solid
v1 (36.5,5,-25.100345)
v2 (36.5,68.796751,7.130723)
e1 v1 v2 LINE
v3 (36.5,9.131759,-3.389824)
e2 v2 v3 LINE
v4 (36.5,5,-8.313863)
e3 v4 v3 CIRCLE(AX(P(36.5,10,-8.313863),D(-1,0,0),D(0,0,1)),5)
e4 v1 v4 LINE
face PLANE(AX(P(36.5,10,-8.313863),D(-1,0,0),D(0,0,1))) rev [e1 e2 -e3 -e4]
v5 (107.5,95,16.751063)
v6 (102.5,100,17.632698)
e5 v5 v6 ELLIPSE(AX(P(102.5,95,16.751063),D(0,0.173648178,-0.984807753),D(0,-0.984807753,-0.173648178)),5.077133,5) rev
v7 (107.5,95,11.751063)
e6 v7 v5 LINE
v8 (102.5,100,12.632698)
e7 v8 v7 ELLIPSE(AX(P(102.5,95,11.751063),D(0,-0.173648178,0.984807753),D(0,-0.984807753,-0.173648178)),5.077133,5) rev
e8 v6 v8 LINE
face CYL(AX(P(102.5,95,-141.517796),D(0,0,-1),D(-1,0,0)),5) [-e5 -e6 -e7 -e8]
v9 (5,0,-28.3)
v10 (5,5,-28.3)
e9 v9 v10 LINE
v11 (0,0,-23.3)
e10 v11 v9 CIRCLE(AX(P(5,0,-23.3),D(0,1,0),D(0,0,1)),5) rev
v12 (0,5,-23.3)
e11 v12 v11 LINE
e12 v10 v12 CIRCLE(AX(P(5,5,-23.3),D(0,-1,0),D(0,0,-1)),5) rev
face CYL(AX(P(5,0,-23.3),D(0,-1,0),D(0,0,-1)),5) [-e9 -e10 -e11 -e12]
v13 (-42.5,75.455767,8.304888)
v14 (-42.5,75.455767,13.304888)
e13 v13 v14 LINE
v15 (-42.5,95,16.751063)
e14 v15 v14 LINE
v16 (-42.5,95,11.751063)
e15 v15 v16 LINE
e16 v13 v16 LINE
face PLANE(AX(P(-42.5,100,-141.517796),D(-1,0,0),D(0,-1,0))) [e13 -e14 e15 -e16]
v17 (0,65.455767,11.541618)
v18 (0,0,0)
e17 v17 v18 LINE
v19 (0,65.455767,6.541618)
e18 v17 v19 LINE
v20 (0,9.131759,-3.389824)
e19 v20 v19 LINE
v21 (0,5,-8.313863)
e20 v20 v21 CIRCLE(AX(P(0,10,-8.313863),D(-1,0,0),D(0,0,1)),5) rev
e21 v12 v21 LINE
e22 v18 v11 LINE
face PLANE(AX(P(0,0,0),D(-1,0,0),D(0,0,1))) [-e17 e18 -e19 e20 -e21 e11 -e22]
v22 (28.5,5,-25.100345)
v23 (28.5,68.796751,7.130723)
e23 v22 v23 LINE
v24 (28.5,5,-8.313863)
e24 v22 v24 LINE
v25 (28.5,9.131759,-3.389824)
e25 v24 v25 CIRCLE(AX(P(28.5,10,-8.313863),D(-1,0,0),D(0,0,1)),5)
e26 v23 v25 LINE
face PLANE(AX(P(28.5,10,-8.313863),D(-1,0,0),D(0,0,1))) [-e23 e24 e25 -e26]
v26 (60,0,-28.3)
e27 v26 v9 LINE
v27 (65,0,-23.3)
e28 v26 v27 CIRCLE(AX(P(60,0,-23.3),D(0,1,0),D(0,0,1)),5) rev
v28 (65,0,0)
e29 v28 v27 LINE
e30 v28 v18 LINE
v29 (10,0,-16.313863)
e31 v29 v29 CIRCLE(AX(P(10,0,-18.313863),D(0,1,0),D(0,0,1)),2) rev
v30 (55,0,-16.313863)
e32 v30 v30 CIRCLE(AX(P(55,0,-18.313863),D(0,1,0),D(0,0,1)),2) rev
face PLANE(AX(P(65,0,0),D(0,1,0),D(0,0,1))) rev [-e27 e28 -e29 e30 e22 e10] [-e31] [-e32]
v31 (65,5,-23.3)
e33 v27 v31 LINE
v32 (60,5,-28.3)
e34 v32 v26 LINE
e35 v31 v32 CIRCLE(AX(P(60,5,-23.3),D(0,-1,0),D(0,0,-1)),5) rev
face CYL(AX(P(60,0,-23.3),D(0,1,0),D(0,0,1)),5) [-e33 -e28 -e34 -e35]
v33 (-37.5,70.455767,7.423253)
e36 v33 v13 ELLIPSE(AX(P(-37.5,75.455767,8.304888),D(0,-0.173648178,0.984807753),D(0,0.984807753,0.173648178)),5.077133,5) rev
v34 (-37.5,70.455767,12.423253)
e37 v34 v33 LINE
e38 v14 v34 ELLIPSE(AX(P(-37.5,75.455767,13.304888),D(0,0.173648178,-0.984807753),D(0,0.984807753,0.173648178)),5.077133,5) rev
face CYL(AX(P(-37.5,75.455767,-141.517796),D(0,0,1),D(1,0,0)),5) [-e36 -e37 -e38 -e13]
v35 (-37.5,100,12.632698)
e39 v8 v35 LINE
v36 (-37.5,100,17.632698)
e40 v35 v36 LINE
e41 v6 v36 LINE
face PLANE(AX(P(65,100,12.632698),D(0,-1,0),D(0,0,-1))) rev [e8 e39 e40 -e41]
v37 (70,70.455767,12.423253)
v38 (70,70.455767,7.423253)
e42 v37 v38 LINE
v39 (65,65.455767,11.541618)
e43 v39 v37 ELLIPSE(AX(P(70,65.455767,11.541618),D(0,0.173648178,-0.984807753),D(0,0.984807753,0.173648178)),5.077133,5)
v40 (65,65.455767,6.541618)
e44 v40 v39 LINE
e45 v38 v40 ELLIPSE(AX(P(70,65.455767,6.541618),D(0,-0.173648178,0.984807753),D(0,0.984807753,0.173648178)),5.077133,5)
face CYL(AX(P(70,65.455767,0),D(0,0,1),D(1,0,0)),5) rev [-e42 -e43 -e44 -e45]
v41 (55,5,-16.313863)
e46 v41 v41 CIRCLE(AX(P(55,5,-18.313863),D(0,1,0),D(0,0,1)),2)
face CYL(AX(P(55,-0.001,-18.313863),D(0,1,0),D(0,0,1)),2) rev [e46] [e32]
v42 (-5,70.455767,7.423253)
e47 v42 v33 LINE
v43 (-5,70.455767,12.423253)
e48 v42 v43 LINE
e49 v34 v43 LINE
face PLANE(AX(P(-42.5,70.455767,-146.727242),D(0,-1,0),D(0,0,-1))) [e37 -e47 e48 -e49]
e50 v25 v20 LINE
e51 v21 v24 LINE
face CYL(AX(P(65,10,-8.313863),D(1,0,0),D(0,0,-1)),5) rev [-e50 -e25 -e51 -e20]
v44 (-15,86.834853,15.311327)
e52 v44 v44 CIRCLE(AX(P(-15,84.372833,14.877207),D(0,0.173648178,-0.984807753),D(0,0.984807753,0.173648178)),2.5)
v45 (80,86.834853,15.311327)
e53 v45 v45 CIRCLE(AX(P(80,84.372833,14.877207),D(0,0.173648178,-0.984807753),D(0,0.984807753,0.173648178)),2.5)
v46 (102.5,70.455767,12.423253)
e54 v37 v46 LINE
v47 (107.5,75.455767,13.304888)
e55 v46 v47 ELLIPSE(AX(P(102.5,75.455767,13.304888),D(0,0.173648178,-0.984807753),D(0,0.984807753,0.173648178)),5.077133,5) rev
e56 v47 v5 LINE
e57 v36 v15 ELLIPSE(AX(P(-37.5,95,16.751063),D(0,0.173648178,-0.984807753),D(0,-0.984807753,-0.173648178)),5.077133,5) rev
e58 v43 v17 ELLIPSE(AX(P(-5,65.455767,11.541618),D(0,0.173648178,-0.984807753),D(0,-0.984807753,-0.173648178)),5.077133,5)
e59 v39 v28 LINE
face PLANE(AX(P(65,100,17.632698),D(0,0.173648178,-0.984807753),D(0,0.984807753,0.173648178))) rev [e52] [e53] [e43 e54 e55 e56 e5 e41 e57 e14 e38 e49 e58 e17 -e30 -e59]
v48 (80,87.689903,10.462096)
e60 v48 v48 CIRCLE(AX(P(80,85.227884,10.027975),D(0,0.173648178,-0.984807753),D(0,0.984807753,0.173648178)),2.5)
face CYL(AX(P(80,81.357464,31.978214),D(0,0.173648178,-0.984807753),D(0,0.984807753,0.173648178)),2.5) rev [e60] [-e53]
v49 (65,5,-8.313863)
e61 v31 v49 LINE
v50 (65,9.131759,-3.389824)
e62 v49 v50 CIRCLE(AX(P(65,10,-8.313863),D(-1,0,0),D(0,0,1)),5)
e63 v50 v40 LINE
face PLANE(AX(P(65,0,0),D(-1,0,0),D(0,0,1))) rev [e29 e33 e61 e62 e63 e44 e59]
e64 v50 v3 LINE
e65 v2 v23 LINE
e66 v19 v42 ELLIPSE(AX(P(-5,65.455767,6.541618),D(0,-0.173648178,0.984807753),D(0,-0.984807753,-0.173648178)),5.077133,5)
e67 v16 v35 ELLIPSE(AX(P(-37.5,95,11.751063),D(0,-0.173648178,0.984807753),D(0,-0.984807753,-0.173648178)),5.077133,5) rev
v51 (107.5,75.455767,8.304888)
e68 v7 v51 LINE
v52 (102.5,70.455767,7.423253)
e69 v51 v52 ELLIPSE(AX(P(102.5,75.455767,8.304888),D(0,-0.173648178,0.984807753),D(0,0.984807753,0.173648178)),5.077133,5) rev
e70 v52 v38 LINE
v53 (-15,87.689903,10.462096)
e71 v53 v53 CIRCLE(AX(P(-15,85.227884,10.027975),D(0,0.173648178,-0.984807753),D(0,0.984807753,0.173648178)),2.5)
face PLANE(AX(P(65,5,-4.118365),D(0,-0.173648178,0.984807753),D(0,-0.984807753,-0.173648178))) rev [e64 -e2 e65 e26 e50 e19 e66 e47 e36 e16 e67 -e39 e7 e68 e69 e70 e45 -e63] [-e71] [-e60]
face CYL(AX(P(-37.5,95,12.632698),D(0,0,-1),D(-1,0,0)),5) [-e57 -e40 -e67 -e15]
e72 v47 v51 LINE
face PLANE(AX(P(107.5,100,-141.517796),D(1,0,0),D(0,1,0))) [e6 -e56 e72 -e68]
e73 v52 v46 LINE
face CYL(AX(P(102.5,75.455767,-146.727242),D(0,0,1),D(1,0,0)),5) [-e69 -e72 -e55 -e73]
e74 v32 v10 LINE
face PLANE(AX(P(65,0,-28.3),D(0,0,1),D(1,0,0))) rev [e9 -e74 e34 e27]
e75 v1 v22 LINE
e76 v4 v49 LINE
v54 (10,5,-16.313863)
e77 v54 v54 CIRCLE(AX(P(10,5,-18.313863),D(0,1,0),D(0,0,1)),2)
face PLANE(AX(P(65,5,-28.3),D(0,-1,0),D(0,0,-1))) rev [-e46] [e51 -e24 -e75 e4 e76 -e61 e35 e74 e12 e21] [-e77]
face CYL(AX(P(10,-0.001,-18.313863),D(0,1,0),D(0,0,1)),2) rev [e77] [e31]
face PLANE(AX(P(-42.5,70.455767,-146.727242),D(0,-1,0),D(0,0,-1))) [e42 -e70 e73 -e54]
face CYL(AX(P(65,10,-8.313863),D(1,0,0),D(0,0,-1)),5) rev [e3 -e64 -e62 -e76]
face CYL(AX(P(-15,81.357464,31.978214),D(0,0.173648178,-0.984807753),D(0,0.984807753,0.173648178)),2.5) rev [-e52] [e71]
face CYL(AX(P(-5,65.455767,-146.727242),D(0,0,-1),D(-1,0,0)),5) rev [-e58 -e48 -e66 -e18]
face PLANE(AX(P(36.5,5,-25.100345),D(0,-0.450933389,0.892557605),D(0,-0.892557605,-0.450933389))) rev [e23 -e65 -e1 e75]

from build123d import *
from build123d.topology import SkipClean

# Parameters (mm, degrees)
BOSS_EXTRUDE1_DEPTH      = 65
SKETCH2_W                = 42.5
SKETCH2_H                = 30
BOSS_EXTRUDE2_DEPTH      = 5.000000239
FILLET1_R                = 5
CUT_EXTRUDE1_REACH       = 148.226
SKETCH3_R                = 2
SKETCH5_R                = 2.5
CUT_EXTRUDE2_DEPTH       = 149.107763403
BOSS_EXTRUDE3_DEPTH      = 4
BOSS_EXTRUDE3_DEPTH_BACK = 4


with BuildPart() as part:
    # Sketch1 → Boss-Extrude1 (new body)
    with BuildSketch(Plane(origin=(0, 0, 0), x_dir=(0, 0, -1), z_dir=(1, 0, 0))):
        Polygon((-17.632698071, 100), (0, 0), (28.3, 0), (28.3, 5), (4.118365096, 5), (-12.632698071, 100), align=None)
    extrude(amount=BOSS_EXTRUDE1_DEPTH)

    # Sketch2 → Boss-Extrude2 (add, along a direction that is not the sketch's normal)
    with SkipClean():  # the faces are left unmerged after this step: merging them gives an invalid solid
        with BuildSketch(Plane(origin=(0, 0, 0), x_dir=(1, 0, 0), z_dir=(0, -0.1736481776669274, 0.9848077530122086))):
            with Locations((-21.25, 86.542661189)):
                Rectangle(SKETCH2_W, SKETCH2_H)
            with Locations((86.25, 86.542661189)):
                Rectangle(SKETCH2_W, SKETCH2_H)
        extrude(amount=-BOSS_EXTRUDE2_DEPTH, dir=(0, 0, 1))

    # Fillet1
    fillet1_edges = [part.edges().sort_by_distance(p)[0] for p in [
        (32.5, 5, -4.118365096),
        (65, 2.5, -28.3),
        (0, 70.45576741, 9.923252622),
        (107.5, 70.45576741, 9.923252622),
        (65, 70.45576741, 9.923252622),
        (-42.5, 70.45576741, 9.923252622),
        (-42.5, 100, 15.132697952),
        (107.5, 100, 15.132697952),
        (0, 2.5, -28.3),
    ]]
    fillet(fillet1_edges, radius=FILLET1_R)

    # Sketch3 → Cut-Extrude1 (cut, up to next)
    with BuildSketch(Plane(origin=(0, 5, 0), x_dir=(1, 0, 0), z_dir=(0, 1, 0)), mode=Mode.PRIVATE) as cut_extrude1_sk1:
        with Locations(Location((10, 18.313863252, 0), (0, 0, 270))):
            Circle(SKETCH3_R)
    cut_extrude1_tool1 = extrude(cut_extrude1_sk1.sketch, amount=-CUT_EXTRUDE1_REACH, mode=Mode.PRIVATE) & part.part
    # Sketch3 → Cut-Extrude1 (cut, up to next)
    with BuildSketch(Plane(origin=(0, 5, 0), x_dir=(1, 0, 0), z_dir=(0, 1, 0)), mode=Mode.PRIVATE) as cut_extrude1_sk2:
        with Locations(Location((55, 18.313863252, 0), (0, 0, 270))):
            Circle(SKETCH3_R)
    cut_extrude1_tool2 = extrude(cut_extrude1_sk2.sketch, amount=-CUT_EXTRUDE1_REACH, mode=Mode.PRIVATE) & part.part
    add(cut_extrude1_tool1.solids().sort_by_distance((10, 5, -18.313863))[0], mode=Mode.SUBTRACT)
    add(cut_extrude1_tool2.solids().sort_by_distance((55, 5, -18.313863))[0], mode=Mode.SUBTRACT)

    # Sketch5 → Cut-Extrude2 (cut, through all)
    with SkipClean():  # the faces are left unmerged after this step: merging them gives an invalid solid
        with BuildSketch(Plane(origin=(0, 0.855050358, -4.849231552), x_dir=(-1, 0, 0), z_dir=(0, 0.1736481776669273, -0.9848077530122086))):
            with Locations(Location((-80, 85.6744203, 0), (0, 0, 90))):
                Circle(SKETCH5_R)
            with Locations(Location((15, 85.6744203, 0), (0, 0, 90))):
                Circle(SKETCH5_R)
        extrude(amount=-CUT_EXTRUDE2_DEPTH, mode=Mode.SUBTRACT)

    # Sketch9 → Boss-Extrude3 (add, two sides)
    with SkipClean():  # the faces are left unmerged after this step: merging them gives an invalid solid
        with BuildSketch(Plane.ZY.offset(-32.5)) as boss_extrude3_sk:
            with BuildLine():
                Line((-25.100344966, 5), (-8.313863252, 5))
                ThreePointArc((-8.313863252, 5), (-5.099925204, 6.169777784), (-3.389824487, 9.131759112))
                Line((-3.389824487, 9.131759112), (7.130723416, 68.796751166))
                Line((7.130723416, 68.796751166), (-25.100344966, 5))
            make_face()
        extrude(amount=BOSS_EXTRUDE3_DEPTH)
        extrude(boss_extrude3_sk.sketch, amount=-BOSS_EXTRUDE3_DEPTH_BACK)


solid = part.part
